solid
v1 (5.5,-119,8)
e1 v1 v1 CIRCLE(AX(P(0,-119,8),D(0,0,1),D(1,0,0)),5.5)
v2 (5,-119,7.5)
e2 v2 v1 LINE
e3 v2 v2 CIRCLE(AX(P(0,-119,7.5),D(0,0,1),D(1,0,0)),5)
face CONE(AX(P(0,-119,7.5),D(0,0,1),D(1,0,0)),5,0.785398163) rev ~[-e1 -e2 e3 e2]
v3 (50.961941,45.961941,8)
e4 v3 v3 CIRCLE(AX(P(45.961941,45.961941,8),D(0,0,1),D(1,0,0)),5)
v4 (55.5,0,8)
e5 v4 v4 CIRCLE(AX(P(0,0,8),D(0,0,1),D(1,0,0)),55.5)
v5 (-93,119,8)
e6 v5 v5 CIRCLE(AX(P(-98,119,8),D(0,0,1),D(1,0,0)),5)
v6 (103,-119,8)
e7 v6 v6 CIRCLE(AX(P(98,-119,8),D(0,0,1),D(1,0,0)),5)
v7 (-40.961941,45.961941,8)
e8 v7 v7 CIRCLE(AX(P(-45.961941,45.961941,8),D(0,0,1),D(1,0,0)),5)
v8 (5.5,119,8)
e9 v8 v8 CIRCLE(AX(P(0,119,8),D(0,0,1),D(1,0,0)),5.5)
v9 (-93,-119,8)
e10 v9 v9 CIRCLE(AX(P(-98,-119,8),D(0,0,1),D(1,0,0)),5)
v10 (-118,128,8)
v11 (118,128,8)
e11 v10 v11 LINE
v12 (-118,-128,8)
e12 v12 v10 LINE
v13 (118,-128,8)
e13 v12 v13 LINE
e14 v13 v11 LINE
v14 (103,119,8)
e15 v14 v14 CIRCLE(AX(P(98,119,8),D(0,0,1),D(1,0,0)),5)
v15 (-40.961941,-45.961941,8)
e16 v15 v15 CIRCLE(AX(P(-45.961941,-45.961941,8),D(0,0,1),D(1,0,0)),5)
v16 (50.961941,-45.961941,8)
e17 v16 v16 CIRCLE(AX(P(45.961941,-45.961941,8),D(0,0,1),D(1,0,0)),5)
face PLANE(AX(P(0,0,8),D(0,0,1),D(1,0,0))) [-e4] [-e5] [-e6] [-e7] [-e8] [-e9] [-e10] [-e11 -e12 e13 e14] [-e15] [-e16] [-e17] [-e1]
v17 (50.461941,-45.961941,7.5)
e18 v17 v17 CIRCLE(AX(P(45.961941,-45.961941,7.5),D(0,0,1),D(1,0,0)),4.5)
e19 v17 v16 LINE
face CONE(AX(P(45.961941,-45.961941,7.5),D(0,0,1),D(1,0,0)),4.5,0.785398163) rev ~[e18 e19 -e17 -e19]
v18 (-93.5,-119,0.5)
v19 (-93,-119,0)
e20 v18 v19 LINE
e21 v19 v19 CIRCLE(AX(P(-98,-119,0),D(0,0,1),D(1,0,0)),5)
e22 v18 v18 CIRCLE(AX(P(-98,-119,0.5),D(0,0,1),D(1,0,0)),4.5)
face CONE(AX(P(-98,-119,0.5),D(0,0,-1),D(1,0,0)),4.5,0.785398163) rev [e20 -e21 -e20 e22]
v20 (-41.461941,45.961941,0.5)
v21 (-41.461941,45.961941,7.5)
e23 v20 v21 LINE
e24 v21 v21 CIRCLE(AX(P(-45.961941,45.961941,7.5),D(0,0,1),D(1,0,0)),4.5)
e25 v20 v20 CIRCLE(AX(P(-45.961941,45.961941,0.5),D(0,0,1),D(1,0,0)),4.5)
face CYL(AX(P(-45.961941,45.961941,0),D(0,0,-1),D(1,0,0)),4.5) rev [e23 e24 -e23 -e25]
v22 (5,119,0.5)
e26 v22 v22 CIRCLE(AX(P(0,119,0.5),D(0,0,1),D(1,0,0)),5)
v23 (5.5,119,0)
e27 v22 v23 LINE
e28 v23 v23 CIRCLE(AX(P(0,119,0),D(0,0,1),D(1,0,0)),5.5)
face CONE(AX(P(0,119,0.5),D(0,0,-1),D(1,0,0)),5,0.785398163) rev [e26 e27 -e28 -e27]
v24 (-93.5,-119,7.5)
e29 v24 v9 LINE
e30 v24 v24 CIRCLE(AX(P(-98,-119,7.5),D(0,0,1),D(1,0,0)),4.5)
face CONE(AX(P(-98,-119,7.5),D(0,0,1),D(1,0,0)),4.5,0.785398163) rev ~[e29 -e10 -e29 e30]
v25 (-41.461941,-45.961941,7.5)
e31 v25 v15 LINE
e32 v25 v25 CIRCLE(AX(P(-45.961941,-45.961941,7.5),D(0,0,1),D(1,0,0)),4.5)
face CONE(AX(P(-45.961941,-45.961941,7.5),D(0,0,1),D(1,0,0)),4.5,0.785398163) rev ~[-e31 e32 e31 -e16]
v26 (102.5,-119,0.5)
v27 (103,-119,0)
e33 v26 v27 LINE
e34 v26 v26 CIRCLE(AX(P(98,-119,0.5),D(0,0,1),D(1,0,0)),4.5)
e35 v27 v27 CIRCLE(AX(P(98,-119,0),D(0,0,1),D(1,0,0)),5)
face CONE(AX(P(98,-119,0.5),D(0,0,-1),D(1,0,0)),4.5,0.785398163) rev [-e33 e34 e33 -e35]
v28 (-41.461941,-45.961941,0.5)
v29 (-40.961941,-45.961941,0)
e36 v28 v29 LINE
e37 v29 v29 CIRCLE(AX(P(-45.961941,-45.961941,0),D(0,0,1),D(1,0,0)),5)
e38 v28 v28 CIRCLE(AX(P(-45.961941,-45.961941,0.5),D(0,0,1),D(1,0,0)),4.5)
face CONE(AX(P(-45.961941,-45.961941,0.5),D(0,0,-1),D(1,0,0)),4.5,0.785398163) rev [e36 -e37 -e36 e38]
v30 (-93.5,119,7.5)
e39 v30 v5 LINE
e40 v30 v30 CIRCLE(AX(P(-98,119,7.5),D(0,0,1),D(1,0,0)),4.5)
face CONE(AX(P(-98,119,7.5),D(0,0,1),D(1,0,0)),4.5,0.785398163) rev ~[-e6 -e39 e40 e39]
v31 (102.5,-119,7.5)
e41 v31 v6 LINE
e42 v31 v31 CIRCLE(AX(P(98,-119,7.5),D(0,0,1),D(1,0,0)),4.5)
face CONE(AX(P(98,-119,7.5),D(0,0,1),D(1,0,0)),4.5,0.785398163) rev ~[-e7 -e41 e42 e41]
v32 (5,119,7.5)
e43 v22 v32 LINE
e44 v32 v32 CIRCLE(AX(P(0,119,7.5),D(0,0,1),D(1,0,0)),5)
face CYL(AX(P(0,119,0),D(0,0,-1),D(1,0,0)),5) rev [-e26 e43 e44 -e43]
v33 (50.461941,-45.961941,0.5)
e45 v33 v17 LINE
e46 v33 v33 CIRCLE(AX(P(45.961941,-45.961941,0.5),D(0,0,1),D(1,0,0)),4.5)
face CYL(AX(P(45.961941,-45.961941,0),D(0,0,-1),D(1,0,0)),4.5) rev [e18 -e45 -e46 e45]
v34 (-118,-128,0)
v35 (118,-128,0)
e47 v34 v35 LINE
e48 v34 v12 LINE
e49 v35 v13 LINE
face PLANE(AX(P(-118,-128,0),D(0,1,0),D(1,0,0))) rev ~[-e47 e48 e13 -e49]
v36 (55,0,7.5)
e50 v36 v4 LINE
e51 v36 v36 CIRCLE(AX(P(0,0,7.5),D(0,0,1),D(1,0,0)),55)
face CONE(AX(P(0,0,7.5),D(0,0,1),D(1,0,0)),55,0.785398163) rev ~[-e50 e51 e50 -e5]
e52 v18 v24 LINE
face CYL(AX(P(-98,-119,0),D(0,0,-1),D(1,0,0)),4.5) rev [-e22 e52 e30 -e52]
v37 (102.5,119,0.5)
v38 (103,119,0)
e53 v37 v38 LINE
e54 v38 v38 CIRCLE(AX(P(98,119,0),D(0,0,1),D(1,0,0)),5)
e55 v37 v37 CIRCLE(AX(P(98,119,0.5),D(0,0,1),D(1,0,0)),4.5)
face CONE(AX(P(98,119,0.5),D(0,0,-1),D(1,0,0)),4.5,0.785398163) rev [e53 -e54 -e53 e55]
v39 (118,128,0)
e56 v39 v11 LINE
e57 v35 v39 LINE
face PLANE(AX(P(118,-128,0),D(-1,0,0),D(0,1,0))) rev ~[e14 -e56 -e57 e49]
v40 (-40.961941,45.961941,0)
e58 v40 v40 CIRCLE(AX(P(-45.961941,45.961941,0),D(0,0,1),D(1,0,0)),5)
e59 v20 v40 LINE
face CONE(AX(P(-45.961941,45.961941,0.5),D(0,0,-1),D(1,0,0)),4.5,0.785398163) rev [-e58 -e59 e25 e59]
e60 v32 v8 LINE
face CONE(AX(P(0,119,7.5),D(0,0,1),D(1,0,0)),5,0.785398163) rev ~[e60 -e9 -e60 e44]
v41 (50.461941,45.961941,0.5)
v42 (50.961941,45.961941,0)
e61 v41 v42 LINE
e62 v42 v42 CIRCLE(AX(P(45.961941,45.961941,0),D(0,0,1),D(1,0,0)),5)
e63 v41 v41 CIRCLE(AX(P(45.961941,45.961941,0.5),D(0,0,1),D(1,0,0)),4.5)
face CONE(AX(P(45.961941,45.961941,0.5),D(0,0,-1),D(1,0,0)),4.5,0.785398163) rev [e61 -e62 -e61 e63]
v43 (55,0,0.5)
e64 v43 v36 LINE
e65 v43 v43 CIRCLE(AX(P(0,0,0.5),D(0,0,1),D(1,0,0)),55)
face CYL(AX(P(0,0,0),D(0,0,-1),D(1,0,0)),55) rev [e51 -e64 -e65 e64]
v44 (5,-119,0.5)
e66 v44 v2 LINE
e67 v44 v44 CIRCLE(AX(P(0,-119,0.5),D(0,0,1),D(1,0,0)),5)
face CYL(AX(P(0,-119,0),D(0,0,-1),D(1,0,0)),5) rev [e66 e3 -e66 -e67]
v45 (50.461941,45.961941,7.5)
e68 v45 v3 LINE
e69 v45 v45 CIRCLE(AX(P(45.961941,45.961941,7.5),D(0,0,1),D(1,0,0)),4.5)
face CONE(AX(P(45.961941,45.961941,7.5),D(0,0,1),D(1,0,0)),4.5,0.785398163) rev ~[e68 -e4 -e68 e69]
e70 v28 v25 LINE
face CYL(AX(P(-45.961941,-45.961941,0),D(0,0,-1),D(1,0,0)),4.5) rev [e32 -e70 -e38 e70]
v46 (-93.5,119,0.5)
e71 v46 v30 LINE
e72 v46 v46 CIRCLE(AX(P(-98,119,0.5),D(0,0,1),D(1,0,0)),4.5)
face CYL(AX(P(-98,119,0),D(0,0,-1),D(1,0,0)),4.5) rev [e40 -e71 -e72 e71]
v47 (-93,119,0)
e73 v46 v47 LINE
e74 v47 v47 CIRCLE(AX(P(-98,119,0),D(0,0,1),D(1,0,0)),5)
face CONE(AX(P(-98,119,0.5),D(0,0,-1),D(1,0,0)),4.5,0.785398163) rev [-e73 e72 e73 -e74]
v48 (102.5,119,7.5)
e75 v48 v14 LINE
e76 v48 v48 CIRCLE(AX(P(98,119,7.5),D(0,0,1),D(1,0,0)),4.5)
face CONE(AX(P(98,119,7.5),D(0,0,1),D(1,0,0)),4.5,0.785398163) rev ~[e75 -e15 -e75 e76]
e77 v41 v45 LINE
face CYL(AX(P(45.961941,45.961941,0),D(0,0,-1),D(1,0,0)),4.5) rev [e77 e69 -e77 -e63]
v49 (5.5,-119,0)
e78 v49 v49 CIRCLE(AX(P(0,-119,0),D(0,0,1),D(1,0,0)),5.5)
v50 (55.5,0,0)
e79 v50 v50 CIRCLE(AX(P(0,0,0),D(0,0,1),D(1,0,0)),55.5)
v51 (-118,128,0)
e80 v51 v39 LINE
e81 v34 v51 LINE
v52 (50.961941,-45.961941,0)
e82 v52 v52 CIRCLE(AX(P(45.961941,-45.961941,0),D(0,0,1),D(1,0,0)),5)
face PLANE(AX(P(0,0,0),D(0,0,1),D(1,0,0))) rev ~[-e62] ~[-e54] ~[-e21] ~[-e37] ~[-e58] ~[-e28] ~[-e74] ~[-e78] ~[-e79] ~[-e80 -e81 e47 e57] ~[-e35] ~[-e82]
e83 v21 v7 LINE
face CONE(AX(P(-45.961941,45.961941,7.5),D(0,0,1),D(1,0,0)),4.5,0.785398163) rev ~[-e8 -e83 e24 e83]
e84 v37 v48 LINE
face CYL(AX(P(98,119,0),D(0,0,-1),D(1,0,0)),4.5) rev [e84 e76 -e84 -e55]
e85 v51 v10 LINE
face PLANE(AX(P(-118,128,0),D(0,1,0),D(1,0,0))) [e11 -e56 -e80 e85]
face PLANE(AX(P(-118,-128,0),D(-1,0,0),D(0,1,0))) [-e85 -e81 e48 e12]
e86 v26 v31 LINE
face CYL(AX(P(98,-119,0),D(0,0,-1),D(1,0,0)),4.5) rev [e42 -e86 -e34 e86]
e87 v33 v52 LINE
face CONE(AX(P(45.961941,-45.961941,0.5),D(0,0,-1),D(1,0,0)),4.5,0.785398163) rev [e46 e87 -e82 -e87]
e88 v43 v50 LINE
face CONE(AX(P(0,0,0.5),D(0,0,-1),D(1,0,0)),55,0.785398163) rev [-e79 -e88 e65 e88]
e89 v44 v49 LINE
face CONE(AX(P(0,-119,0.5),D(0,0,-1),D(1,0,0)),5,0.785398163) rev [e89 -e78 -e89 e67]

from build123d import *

# Parameters (mm, degrees)
F0_W     = 236
F0_H     = 256
F0_R     = 4.5
F0_R_2   = 5
F0_R_3   = 55
F1_DEPTH = 8
F2_SIZE  = 0.5


with BuildPart() as f1:
    # F0 (on Top) → F1 (new body)
    with BuildSketch(Plane.XY):
        Rectangle(F0_W, F0_H)
        with Locations((-98, -119)):
            Circle(F0_R, mode=Mode.SUBTRACT)
        with Locations((-45.961941, -45.961941)):
            Circle(F0_R, mode=Mode.SUBTRACT)
        with Locations((0, -119)):
            Circle(F0_R_2, mode=Mode.SUBTRACT)
        with Locations((98, -119)):
            Circle(F0_R, mode=Mode.SUBTRACT)
        with Locations((45.961941, -45.961941)):
            Circle(F0_R, mode=Mode.SUBTRACT)
        with Locations((-45.961941, 45.961941)):
            Circle(F0_R, mode=Mode.SUBTRACT)
        with Locations((-98, 119)):
            Circle(F0_R, mode=Mode.SUBTRACT)
        Circle(F0_R_3, mode=Mode.SUBTRACT)
        with Locations((45.961941, 45.961941)):
            Circle(F0_R, mode=Mode.SUBTRACT)
        with Locations((0, 119)):
            Circle(F0_R_2, mode=Mode.SUBTRACT)
        with Locations((98, 119)):
            Circle(F0_R, mode=Mode.SUBTRACT)
    extrude(amount=F1_DEPTH)

    # F2
    f2_edges = [f1.edges().sort_by_distance(p)[0] for p in [
        (-93.5, -119, 4),
        (-102.5, -119, 0),
        (-102.5, -119, 8),
        (-41.461941, -45.961941, 4),
        (-50.461941, -45.961941, 0),
        (-50.461941, -45.961941, 8),
        (55, 0, 4),
        (-55, 0, 0),
        (-55, 0, 8),
        (-41.461941, 45.961941, 4),
        (-50.461941, 45.961941, 0),
        (-50.461941, 45.961941, 8),
        (50.461941, -45.961941, 4),
        (41.461941, -45.961941, 0),
        (41.461941, -45.961941, 8),
        (102.5, -119, 4),
        (93.5, -119, 0),
        (93.5, -119, 8),
        (-93.5, 119, 4),
        (-102.5, 119, 0),
        (-102.5, 119, 8),
        (50.461941, 45.961941, 4),
        (41.461941, 45.961941, 0),
        (41.461941, 45.961941, 8),
        (102.5, 119, 4),
        (93.5, 119, 0),
        (93.5, 119, 8),
        (5, 119, 4),
        (-5, 119, 0),
        (-5, 119, 8),
        (5, -119, 4),
        (-5, -119, 0),
        (-5, -119, 8),
    ]]
    chamfer(f2_edges, length=F2_SIZE)


solid = f1.part
